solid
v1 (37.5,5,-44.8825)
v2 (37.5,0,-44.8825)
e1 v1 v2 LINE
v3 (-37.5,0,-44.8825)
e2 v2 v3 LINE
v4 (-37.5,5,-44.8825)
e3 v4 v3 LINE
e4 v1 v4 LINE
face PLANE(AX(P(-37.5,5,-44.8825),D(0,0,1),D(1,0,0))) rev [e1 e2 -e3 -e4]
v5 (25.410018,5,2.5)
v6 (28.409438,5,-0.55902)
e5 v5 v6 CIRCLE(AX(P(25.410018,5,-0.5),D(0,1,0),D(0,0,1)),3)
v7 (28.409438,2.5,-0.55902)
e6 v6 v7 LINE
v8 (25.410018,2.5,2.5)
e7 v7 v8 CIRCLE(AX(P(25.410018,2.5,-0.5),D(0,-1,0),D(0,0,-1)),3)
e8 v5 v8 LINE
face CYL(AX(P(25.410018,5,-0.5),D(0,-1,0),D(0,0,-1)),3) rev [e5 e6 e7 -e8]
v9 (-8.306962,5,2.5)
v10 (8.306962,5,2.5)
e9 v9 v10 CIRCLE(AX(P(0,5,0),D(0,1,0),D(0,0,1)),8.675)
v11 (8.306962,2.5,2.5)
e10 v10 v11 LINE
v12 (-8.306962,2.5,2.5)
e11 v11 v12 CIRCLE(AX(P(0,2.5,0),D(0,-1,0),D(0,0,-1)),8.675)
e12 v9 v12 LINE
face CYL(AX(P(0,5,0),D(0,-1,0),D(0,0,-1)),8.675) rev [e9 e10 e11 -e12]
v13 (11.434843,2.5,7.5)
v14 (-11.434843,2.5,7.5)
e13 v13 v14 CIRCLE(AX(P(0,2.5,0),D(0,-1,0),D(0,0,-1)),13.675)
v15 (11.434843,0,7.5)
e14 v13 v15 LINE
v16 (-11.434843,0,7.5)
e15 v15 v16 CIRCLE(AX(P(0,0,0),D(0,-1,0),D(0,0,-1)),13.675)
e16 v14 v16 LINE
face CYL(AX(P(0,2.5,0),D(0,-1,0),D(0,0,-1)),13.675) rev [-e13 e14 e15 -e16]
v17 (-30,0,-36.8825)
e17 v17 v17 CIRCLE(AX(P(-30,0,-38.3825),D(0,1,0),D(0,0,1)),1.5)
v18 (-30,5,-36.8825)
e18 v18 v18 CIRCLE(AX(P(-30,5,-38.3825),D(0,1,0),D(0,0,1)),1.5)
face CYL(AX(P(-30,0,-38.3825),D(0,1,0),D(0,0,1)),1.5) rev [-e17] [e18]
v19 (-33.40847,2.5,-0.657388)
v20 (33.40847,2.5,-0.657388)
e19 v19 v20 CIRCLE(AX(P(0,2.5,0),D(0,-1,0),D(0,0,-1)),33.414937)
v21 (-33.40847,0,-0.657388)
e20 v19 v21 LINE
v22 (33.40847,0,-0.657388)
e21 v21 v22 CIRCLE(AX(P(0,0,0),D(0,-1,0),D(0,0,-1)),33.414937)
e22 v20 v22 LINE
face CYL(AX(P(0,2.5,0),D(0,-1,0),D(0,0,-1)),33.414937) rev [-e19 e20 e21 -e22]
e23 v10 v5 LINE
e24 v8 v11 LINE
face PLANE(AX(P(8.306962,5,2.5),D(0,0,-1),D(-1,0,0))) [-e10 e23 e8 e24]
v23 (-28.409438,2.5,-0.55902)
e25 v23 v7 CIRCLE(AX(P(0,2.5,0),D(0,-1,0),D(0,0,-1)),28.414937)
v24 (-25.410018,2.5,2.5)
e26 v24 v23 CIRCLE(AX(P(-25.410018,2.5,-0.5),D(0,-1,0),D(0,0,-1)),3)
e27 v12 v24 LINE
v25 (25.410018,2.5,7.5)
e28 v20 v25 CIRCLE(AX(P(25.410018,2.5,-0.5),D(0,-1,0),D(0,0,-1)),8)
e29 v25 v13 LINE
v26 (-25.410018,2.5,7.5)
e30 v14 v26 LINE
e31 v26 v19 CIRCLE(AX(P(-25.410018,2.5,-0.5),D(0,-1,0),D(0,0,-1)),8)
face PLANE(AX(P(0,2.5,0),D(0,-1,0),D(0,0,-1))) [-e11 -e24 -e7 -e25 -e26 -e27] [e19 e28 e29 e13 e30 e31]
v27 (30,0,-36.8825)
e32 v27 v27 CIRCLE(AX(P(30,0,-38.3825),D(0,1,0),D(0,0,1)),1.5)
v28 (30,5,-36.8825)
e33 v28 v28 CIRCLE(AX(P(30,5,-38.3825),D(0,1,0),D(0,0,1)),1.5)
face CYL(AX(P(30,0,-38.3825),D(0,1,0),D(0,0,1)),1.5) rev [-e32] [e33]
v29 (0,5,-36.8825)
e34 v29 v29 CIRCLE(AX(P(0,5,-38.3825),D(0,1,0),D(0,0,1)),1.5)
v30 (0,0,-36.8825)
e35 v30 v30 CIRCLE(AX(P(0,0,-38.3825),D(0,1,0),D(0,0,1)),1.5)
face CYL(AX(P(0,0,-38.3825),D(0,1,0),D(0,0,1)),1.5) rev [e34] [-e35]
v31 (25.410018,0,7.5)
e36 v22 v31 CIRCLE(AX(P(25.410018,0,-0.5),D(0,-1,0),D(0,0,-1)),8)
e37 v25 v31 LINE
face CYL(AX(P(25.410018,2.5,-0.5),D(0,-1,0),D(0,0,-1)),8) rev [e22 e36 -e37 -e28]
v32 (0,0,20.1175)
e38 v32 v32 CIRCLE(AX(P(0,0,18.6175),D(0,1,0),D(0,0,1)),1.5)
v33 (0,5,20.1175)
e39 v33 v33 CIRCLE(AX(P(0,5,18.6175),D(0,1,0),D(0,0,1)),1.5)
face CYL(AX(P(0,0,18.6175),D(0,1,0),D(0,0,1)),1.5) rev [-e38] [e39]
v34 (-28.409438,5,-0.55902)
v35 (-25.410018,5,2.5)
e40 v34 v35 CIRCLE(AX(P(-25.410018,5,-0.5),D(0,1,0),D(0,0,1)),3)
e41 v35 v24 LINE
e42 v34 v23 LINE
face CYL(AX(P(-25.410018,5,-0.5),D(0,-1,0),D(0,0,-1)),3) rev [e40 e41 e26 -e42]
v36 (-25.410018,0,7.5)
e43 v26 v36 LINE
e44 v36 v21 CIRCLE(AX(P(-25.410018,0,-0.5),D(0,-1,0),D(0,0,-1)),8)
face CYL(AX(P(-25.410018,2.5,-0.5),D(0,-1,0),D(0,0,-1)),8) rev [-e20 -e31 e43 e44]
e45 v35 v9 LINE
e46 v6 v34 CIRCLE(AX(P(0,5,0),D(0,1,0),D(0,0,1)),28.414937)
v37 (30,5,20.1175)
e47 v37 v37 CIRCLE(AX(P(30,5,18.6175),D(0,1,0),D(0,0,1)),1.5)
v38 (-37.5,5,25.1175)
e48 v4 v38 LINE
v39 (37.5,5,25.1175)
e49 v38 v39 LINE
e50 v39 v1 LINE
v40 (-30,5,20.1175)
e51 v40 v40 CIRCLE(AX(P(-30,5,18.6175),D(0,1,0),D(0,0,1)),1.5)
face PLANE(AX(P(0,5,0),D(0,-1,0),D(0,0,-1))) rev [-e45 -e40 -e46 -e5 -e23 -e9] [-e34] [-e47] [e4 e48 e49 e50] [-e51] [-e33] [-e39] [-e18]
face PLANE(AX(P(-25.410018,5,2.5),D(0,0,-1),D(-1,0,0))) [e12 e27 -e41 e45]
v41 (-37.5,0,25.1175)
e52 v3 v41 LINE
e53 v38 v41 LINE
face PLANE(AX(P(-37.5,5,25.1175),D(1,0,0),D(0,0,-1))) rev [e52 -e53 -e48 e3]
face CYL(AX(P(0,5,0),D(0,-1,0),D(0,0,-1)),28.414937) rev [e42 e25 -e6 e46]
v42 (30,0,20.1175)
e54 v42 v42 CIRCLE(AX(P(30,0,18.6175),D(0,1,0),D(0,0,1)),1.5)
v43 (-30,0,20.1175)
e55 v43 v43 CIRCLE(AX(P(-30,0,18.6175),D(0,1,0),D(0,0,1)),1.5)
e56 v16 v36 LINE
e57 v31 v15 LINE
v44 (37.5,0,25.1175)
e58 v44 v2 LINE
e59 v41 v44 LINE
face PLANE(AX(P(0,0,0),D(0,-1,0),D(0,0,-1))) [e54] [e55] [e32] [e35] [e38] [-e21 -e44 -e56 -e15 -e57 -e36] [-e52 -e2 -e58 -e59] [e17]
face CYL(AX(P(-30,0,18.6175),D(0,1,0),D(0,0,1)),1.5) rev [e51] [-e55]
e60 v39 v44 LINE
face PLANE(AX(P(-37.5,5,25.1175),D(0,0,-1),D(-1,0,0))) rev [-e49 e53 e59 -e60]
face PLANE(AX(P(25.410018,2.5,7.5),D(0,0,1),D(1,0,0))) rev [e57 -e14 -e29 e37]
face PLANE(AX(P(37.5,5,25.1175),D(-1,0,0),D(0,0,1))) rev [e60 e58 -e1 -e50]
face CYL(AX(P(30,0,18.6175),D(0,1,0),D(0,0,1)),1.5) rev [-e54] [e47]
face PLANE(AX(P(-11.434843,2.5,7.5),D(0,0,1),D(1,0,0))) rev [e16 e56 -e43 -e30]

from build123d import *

# Parameters (mm, degrees)
SKETCH1_W           = 75
SKETCH1_H           = 70
BOSS_EXTRUDE1_DEPTH = 5
SKETCH2_R           = 1.5
CUT_EXTRUDE1_DEPTH  = 59.699989832
CUT_EXTRUDE3_DEPTH  = 2.5


with BuildPart() as part:
    # Sketch1 → Boss-Extrude1 (new body)
    with BuildSketch(Plane(origin=(0, 0, 0), x_dir=(1, 0, 0), z_dir=(0, 1, 0))):
        with Locations((0, 9.8825)):
            Rectangle(SKETCH1_W, SKETCH1_H)
        with BuildLine():
            Line((-25.410018342, -2.5), (-8.306962441, -2.5))
            ThreePointArc((-8.306962441, -2.5), (0, -8.675), (8.306962441, -2.5))
            Line((8.306962441, -2.5), (25.410018342, -2.5))
            ThreePointArc((25.410018342, -2.5), (27.552103918, -1.600349825), (28.409437718, 0.559020409))
            ThreePointArc((28.409437718, 0.559020409), (0, 28.414937186), (-28.409437718, 0.559020409))
            ThreePointArc((-28.409437718, 0.559020409), (-27.552103918, -1.600349825), (-25.410018342, -2.5))
        make_face(mode=Mode.SUBTRACT)
    extrude(amount=BOSS_EXTRUDE1_DEPTH)

    # Sketch2 → Cut-Extrude1 (cut, through all)
    with BuildSketch(Plane(origin=(0, 5, 0), x_dir=(1, 0, 0), z_dir=(0, 1, 0))):
        with Locations(Location((-30, 38.3825, 0), (0, 0, 270))):
            Circle(SKETCH2_R)
        with Locations(Location((-30, -18.6175, 0), (0, 0, 270))):
            Circle(SKETCH2_R)
        with Locations(Location((0, -18.6175, 0), (0, 0, 270))):
            Circle(SKETCH2_R)
        with Locations(Location((30, -18.6175, 0), (0, 0, 270))):
            Circle(SKETCH2_R)
        with Locations(Location((30, 38.3825, 0), (0, 0, 270))):
            Circle(SKETCH2_R)
        with Locations(Location((0, 38.3825, 0), (0, 0, 270))):
            Circle(SKETCH2_R)
    extrude(amount=-CUT_EXTRUDE1_DEPTH, mode=Mode.SUBTRACT)

    # Sketch3 → Cut-Extrude3 (cut)
    with BuildSketch(Plane.XZ):
        with BuildLine():
            Line((25.410018342, 7.5), (11.434842587, 7.5))
            ThreePointArc((11.434842587, 7.5), (0, 13.675), (-11.434842587, 7.5))
            Line((-11.434842587, 7.5), (-25.410018342, 7.5))
            ThreePointArc((-25.410018342, 7.5), (-31.122246544, 5.100932866), (-33.408470011, -0.657387759))
            ThreePointArc((-33.408470011, -0.657387759), (0, -33.414937186), (33.408470011, -0.657387759))
            ThreePointArc((33.408470011, -0.657387759), (31.122246544, 5.100932866), (25.410018342, 7.5))
        make_face()
    extrude(amount=-CUT_EXTRUDE3_DEPTH, mode=Mode.SUBTRACT)


solid = part.part
